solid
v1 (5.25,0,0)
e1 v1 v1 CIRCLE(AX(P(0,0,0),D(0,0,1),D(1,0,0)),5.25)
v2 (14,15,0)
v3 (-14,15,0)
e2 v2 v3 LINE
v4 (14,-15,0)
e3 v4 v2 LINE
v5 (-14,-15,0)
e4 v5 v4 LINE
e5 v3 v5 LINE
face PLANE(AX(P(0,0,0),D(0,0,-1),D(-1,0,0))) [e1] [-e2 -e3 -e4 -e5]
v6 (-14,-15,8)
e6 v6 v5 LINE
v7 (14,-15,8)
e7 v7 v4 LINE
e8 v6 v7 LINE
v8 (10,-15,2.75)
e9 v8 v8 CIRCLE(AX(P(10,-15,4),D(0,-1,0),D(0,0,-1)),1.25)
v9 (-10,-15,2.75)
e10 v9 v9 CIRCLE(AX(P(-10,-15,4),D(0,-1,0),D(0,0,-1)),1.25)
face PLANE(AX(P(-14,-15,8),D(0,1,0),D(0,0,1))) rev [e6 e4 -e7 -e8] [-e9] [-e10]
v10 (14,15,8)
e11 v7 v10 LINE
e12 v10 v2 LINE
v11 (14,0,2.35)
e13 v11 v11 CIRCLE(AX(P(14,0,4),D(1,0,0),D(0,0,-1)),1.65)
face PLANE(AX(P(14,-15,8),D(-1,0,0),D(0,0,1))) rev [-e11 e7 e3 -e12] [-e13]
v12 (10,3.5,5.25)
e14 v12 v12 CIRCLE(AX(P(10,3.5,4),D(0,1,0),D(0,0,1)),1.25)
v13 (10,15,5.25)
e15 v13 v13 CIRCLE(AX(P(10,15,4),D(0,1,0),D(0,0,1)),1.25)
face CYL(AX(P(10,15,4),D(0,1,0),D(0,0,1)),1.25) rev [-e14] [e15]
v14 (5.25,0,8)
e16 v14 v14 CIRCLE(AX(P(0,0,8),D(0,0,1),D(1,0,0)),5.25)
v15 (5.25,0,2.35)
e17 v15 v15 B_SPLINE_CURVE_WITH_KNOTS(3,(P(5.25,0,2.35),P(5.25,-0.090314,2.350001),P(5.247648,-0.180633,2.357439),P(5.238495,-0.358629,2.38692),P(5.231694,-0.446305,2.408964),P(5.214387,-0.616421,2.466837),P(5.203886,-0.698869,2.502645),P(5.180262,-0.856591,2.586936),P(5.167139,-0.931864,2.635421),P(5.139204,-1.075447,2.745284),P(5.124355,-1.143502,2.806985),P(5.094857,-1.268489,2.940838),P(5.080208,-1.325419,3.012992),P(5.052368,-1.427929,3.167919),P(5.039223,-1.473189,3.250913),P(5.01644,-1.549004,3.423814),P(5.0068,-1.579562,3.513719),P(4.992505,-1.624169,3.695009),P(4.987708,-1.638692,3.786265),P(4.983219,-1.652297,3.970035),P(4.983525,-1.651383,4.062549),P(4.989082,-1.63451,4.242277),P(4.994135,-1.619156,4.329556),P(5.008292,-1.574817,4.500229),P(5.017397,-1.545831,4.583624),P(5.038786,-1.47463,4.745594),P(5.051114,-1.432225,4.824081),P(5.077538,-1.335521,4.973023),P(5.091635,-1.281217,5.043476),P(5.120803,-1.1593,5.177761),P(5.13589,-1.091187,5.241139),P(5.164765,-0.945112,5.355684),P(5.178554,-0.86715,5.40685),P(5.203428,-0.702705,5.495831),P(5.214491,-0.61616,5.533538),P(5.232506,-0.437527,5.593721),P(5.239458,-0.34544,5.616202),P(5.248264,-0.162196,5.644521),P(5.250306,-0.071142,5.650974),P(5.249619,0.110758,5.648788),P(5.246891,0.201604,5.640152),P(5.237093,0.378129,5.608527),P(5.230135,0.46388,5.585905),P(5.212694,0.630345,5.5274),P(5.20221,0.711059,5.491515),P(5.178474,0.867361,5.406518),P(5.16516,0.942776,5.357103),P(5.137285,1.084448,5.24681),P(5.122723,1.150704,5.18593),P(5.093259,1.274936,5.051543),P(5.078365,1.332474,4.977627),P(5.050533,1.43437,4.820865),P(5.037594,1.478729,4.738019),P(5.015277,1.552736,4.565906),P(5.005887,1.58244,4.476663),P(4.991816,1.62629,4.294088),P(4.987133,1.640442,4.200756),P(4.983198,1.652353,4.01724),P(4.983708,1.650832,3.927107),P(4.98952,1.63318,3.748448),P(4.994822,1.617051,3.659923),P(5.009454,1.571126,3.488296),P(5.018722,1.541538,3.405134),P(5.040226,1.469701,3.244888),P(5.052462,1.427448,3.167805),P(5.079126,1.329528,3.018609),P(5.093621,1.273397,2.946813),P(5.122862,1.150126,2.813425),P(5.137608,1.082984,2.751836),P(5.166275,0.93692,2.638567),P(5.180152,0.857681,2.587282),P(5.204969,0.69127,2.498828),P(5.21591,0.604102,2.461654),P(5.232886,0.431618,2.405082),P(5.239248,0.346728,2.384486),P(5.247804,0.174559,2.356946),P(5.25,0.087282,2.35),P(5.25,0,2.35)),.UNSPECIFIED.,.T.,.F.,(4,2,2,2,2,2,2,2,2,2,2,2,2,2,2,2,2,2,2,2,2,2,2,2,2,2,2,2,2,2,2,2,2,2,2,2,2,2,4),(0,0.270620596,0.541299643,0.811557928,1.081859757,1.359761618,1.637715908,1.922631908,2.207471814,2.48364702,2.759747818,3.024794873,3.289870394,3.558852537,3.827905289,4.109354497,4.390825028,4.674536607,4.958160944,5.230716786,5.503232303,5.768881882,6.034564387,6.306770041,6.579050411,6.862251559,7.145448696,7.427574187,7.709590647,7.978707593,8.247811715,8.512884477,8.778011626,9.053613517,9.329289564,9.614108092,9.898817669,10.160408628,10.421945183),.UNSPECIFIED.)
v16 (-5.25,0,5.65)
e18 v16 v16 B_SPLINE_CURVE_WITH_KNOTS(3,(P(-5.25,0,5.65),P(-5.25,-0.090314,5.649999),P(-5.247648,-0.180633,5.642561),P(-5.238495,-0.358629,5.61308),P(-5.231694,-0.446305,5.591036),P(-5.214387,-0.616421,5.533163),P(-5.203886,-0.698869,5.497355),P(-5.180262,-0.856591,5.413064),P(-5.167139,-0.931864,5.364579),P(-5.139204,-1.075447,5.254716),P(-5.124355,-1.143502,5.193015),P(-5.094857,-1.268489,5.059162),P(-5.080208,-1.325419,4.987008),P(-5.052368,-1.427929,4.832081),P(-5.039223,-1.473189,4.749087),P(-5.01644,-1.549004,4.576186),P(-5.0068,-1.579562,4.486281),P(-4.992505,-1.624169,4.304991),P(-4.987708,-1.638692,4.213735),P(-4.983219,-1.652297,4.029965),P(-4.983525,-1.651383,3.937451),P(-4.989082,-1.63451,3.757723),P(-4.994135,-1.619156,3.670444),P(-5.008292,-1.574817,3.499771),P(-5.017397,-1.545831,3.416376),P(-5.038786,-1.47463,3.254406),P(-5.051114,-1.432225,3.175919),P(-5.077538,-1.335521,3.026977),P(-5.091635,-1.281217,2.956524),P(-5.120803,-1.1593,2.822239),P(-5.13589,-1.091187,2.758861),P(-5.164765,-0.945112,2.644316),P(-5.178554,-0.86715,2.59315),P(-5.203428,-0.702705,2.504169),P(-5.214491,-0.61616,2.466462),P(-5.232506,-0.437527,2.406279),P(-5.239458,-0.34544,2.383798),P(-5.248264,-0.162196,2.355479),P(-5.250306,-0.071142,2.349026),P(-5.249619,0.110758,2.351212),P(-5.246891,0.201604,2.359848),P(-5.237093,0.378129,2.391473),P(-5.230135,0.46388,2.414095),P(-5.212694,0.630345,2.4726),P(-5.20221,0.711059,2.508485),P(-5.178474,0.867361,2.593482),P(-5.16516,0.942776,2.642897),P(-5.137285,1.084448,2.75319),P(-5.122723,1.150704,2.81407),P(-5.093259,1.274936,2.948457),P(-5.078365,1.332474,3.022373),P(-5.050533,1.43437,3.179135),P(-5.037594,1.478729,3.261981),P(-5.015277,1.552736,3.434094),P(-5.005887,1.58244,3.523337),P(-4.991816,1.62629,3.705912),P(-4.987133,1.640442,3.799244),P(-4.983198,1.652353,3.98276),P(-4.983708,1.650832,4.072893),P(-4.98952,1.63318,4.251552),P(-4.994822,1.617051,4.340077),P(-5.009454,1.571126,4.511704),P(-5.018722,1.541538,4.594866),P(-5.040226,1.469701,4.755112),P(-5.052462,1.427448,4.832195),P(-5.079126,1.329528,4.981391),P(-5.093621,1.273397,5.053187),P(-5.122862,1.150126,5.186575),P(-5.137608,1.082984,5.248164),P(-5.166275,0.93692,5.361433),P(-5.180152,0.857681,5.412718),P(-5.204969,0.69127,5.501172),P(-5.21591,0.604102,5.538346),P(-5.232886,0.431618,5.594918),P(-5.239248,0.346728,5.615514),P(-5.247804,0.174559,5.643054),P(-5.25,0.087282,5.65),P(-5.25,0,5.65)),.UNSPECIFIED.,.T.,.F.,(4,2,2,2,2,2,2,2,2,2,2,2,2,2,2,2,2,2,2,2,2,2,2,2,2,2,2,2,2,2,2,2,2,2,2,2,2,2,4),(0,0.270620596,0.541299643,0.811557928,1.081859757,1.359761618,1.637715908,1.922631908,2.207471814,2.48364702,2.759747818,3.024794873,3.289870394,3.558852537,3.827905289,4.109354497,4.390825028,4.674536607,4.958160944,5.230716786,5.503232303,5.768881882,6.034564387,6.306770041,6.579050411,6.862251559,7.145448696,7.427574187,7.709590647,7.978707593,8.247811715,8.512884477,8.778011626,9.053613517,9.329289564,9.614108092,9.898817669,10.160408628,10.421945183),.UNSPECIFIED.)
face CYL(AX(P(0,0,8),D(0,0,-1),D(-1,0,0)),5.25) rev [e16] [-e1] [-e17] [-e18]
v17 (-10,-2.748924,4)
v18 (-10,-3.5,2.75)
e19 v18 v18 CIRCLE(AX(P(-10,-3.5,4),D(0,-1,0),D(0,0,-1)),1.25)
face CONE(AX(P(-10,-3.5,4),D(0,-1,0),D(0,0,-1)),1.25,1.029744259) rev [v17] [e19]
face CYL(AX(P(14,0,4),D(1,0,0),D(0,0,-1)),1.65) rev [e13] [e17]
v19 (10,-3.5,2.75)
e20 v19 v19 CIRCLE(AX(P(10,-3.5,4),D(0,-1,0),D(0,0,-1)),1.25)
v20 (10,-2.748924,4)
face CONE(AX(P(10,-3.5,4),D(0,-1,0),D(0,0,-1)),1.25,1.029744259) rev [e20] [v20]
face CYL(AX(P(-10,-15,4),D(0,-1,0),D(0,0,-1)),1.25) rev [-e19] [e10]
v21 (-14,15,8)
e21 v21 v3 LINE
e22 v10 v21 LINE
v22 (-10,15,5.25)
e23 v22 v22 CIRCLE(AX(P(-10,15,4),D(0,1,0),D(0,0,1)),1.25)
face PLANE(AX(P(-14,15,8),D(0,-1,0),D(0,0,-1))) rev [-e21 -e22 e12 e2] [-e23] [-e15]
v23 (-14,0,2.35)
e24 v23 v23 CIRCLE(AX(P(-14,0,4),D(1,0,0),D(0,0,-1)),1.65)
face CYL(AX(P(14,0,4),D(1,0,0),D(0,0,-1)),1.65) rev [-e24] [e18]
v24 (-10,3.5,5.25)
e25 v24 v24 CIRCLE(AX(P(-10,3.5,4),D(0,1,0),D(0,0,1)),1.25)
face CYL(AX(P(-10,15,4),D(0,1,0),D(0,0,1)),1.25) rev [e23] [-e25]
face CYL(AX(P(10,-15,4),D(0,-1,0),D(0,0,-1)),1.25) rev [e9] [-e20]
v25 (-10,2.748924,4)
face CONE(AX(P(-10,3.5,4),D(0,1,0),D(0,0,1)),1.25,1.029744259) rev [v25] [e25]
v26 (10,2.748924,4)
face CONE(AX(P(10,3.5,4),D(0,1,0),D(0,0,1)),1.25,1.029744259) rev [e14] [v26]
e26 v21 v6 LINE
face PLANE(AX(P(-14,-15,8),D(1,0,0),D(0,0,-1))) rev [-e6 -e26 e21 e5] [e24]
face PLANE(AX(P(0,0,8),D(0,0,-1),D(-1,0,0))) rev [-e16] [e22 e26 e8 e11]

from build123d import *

# Parameters (mm, degrees)
SKETCH_1_W             = 28
SKETCH_1_H             = 30
SKETCH_1_R             = 5.25
EXTRUDE_1_DEPTH        = 8
HOLE_WIZARD_M3_1_D     = 2.5
HOLE_WIZARD_M3_1_DEPTH = 11.5
HOLE_WIZARD_M3_1_TIP   = 0.751075774
HOLE_WIZARD_M3_2_D     = 2.5
HOLE_WIZARD_M3_2_DEPTH = 11.5
HOLE_WIZARD_M3_2_TIP   = 0.751075774
HOLE_WIZARD_M4_1_D     = 3.3


with BuildPart() as part:
    # 草图1 → 凸台-拉伸1 (new body)
    with BuildSketch(Plane.XY):
        Rectangle(SKETCH_1_W, SKETCH_1_H)
        Circle(SKETCH_1_R, mode=Mode.SUBTRACT)
    extrude(amount=EXTRUDE_1_DEPTH)

    # M3 螺纹孔1
    with Locations(Plane(origin=(0, 15, 0), x_dir=(1, 0, 0), z_dir=(0, 1, 0))):
        with Locations((-10, -4), (10, -4)):
            Hole(HOLE_WIZARD_M3_1_D / 2, depth=HOLE_WIZARD_M3_1_DEPTH)
            with Locations((0, 0, -(HOLE_WIZARD_M3_1_DEPTH + HOLE_WIZARD_M3_1_TIP / 2))):  # 118° drill point
                Cone(0, HOLE_WIZARD_M3_1_D / 2, HOLE_WIZARD_M3_1_TIP, mode=Mode.SUBTRACT)

    # M3 螺纹孔2
    with Locations(Plane(origin=(0, -15, 0), x_dir=(-1, 0, 0), z_dir=(0, -1, 0))):
        with Locations((10, -4), (-10, -4)):
            Hole(HOLE_WIZARD_M3_2_D / 2, depth=HOLE_WIZARD_M3_2_DEPTH)
            with Locations((0, 0, -(HOLE_WIZARD_M3_2_DEPTH + HOLE_WIZARD_M3_2_TIP / 2))):  # 118° drill point
                Cone(0, HOLE_WIZARD_M3_2_D / 2, HOLE_WIZARD_M3_2_TIP, mode=Mode.SUBTRACT)

    # M4 螺纹孔1 (through all)
    with Locations(Plane(origin=(14, 0, 0), x_dir=(0, 0, -1), z_dir=(1, 0, 0))):
        with Locations((-4, 0)):
            Hole(HOLE_WIZARD_M4_1_D / 2)


solid = part.part
